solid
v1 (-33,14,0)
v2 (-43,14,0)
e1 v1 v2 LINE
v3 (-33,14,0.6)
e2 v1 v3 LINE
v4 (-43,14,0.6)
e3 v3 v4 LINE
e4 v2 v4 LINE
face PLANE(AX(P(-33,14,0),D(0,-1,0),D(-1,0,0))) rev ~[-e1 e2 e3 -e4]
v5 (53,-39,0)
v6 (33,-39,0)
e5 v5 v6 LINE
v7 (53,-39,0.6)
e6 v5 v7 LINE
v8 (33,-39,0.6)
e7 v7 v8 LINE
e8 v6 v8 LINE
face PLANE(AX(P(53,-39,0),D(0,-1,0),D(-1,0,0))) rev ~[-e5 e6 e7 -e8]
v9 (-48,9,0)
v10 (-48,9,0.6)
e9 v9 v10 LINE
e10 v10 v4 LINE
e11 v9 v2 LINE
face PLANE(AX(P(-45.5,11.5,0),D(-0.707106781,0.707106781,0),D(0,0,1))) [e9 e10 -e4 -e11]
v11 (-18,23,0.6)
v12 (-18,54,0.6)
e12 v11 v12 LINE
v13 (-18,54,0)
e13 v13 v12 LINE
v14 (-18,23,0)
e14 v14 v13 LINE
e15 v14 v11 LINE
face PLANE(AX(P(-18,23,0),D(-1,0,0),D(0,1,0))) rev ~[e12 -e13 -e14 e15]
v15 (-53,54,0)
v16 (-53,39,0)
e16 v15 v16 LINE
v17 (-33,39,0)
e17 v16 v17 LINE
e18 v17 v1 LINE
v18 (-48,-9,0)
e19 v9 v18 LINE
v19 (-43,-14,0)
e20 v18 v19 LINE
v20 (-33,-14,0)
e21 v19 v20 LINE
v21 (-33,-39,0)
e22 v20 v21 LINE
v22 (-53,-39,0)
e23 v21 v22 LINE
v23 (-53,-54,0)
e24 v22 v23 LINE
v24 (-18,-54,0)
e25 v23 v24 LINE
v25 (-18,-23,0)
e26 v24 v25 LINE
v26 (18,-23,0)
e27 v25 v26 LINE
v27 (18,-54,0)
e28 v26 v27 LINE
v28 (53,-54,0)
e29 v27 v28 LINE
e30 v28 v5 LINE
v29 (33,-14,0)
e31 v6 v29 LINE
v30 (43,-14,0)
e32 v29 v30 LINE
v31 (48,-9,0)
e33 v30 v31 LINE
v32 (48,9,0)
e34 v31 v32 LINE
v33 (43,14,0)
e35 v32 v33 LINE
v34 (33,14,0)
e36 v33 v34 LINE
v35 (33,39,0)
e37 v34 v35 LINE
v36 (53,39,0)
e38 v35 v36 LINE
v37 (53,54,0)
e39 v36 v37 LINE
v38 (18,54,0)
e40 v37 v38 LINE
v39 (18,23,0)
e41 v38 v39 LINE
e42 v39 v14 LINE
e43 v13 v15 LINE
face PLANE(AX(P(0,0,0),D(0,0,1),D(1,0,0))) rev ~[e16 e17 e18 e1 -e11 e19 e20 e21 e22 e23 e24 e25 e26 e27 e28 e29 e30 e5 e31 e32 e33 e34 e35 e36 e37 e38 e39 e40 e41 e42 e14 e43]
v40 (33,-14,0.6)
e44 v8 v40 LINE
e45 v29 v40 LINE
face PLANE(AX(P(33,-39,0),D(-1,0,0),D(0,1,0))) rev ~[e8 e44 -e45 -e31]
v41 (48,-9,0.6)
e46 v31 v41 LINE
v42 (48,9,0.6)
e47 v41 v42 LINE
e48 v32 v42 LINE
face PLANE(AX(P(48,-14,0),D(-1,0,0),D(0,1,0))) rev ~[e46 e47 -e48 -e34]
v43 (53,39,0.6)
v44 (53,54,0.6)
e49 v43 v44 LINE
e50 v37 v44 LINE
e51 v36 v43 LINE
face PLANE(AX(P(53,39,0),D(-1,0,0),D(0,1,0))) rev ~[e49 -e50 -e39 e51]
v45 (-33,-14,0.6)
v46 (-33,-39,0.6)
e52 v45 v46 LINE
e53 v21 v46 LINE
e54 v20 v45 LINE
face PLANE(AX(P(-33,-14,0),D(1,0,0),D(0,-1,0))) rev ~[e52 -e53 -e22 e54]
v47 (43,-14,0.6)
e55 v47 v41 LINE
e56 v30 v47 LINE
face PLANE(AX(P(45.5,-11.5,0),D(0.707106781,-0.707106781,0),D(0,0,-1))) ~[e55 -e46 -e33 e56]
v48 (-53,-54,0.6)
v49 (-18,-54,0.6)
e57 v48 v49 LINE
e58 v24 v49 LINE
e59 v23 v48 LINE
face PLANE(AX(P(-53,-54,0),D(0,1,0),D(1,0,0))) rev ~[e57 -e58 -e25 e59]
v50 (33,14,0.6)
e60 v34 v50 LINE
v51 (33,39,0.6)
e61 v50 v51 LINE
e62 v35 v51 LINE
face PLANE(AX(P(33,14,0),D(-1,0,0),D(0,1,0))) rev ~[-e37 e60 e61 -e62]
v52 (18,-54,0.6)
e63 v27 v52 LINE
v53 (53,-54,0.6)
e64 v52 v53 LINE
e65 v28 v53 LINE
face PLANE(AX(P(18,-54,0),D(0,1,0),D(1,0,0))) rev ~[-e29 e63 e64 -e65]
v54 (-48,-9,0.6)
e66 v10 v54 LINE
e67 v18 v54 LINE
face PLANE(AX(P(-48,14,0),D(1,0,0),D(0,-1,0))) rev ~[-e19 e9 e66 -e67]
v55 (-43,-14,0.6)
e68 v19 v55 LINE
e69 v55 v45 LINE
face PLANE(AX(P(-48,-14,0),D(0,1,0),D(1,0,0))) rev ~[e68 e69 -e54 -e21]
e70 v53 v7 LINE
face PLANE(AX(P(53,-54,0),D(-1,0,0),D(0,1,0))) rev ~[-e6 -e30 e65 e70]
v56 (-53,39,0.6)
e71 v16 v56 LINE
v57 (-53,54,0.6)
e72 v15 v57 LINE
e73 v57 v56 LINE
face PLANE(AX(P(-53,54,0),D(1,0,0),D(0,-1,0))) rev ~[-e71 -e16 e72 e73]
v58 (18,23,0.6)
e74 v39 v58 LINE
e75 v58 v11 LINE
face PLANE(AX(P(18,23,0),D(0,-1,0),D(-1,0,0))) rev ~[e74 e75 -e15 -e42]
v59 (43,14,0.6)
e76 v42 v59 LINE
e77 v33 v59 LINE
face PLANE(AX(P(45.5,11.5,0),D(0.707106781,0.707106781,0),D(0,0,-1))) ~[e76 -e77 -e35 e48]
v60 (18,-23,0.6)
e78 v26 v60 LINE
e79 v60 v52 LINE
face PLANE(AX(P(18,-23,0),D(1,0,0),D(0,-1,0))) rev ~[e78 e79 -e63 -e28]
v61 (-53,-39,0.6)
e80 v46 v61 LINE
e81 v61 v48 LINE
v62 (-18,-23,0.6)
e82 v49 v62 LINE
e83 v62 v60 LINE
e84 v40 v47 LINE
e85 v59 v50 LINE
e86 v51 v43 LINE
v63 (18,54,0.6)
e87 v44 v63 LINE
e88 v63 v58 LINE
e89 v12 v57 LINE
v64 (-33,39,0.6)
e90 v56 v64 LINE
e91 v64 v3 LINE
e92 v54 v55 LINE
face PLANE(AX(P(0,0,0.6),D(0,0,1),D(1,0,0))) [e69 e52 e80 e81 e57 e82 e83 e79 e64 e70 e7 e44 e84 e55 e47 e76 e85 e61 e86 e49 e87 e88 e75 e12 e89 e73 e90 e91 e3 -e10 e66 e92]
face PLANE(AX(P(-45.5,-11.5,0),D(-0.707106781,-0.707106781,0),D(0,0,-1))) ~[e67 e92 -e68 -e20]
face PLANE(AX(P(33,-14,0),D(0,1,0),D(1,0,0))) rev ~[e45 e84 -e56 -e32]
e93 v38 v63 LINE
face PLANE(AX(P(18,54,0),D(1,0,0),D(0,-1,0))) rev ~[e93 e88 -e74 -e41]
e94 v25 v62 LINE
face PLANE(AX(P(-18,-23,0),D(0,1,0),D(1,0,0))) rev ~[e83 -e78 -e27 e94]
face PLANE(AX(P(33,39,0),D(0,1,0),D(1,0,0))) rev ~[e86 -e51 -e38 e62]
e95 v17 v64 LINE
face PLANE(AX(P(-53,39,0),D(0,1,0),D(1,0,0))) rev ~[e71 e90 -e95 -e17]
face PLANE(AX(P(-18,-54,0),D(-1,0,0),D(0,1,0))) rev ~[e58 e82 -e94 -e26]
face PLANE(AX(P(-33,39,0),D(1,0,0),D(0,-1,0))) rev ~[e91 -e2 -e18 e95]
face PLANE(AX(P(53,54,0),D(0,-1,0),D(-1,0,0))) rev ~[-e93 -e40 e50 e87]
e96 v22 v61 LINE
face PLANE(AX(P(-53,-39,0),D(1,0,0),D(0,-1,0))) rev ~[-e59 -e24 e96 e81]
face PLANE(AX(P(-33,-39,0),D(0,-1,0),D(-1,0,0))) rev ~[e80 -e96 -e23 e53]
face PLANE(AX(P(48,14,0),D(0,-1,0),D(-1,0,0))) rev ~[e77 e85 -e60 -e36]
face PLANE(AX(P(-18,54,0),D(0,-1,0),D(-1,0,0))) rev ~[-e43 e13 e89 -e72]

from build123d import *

# Parameters (mm, degrees)
F1_DEPTH = 0.6
F2_SIZE  = 5


with BuildPart() as f1:
    # F0 (on Top) → F1 (new body)
    with BuildSketch(Plane.XY):
        Polygon((-48, 14), (-48, 0), (-48, -14), (-33, -14), (-33, -39), (-53, -39), (-53, -54), (-18, -54), (-18, -23), (0, -23), (18, -23), (18, -54), (53, -54), (53, -39), (33, -39), (33, -14), (48, -14), (48, 0), (48, 14), (33, 14), (33, 39), (53, 39), (53, 54), (18, 54), (18, 23), (-18, 23), (-18, 54), (-53, 54), (-53, 39), (-33, 39), (-33, 14), align=None)
    extrude(amount=F1_DEPTH)

    # F2
    f2_edges = [f1.edges().sort_by_distance(p)[0] for p in [
        (-48, 14, 0.3),
        (-48, -14, 0.3),
        (48, 14, 0.3),
        (48, -14, 0.3),
    ]]
    chamfer(f2_edges, length=F2_SIZE)


solid = f1.part
